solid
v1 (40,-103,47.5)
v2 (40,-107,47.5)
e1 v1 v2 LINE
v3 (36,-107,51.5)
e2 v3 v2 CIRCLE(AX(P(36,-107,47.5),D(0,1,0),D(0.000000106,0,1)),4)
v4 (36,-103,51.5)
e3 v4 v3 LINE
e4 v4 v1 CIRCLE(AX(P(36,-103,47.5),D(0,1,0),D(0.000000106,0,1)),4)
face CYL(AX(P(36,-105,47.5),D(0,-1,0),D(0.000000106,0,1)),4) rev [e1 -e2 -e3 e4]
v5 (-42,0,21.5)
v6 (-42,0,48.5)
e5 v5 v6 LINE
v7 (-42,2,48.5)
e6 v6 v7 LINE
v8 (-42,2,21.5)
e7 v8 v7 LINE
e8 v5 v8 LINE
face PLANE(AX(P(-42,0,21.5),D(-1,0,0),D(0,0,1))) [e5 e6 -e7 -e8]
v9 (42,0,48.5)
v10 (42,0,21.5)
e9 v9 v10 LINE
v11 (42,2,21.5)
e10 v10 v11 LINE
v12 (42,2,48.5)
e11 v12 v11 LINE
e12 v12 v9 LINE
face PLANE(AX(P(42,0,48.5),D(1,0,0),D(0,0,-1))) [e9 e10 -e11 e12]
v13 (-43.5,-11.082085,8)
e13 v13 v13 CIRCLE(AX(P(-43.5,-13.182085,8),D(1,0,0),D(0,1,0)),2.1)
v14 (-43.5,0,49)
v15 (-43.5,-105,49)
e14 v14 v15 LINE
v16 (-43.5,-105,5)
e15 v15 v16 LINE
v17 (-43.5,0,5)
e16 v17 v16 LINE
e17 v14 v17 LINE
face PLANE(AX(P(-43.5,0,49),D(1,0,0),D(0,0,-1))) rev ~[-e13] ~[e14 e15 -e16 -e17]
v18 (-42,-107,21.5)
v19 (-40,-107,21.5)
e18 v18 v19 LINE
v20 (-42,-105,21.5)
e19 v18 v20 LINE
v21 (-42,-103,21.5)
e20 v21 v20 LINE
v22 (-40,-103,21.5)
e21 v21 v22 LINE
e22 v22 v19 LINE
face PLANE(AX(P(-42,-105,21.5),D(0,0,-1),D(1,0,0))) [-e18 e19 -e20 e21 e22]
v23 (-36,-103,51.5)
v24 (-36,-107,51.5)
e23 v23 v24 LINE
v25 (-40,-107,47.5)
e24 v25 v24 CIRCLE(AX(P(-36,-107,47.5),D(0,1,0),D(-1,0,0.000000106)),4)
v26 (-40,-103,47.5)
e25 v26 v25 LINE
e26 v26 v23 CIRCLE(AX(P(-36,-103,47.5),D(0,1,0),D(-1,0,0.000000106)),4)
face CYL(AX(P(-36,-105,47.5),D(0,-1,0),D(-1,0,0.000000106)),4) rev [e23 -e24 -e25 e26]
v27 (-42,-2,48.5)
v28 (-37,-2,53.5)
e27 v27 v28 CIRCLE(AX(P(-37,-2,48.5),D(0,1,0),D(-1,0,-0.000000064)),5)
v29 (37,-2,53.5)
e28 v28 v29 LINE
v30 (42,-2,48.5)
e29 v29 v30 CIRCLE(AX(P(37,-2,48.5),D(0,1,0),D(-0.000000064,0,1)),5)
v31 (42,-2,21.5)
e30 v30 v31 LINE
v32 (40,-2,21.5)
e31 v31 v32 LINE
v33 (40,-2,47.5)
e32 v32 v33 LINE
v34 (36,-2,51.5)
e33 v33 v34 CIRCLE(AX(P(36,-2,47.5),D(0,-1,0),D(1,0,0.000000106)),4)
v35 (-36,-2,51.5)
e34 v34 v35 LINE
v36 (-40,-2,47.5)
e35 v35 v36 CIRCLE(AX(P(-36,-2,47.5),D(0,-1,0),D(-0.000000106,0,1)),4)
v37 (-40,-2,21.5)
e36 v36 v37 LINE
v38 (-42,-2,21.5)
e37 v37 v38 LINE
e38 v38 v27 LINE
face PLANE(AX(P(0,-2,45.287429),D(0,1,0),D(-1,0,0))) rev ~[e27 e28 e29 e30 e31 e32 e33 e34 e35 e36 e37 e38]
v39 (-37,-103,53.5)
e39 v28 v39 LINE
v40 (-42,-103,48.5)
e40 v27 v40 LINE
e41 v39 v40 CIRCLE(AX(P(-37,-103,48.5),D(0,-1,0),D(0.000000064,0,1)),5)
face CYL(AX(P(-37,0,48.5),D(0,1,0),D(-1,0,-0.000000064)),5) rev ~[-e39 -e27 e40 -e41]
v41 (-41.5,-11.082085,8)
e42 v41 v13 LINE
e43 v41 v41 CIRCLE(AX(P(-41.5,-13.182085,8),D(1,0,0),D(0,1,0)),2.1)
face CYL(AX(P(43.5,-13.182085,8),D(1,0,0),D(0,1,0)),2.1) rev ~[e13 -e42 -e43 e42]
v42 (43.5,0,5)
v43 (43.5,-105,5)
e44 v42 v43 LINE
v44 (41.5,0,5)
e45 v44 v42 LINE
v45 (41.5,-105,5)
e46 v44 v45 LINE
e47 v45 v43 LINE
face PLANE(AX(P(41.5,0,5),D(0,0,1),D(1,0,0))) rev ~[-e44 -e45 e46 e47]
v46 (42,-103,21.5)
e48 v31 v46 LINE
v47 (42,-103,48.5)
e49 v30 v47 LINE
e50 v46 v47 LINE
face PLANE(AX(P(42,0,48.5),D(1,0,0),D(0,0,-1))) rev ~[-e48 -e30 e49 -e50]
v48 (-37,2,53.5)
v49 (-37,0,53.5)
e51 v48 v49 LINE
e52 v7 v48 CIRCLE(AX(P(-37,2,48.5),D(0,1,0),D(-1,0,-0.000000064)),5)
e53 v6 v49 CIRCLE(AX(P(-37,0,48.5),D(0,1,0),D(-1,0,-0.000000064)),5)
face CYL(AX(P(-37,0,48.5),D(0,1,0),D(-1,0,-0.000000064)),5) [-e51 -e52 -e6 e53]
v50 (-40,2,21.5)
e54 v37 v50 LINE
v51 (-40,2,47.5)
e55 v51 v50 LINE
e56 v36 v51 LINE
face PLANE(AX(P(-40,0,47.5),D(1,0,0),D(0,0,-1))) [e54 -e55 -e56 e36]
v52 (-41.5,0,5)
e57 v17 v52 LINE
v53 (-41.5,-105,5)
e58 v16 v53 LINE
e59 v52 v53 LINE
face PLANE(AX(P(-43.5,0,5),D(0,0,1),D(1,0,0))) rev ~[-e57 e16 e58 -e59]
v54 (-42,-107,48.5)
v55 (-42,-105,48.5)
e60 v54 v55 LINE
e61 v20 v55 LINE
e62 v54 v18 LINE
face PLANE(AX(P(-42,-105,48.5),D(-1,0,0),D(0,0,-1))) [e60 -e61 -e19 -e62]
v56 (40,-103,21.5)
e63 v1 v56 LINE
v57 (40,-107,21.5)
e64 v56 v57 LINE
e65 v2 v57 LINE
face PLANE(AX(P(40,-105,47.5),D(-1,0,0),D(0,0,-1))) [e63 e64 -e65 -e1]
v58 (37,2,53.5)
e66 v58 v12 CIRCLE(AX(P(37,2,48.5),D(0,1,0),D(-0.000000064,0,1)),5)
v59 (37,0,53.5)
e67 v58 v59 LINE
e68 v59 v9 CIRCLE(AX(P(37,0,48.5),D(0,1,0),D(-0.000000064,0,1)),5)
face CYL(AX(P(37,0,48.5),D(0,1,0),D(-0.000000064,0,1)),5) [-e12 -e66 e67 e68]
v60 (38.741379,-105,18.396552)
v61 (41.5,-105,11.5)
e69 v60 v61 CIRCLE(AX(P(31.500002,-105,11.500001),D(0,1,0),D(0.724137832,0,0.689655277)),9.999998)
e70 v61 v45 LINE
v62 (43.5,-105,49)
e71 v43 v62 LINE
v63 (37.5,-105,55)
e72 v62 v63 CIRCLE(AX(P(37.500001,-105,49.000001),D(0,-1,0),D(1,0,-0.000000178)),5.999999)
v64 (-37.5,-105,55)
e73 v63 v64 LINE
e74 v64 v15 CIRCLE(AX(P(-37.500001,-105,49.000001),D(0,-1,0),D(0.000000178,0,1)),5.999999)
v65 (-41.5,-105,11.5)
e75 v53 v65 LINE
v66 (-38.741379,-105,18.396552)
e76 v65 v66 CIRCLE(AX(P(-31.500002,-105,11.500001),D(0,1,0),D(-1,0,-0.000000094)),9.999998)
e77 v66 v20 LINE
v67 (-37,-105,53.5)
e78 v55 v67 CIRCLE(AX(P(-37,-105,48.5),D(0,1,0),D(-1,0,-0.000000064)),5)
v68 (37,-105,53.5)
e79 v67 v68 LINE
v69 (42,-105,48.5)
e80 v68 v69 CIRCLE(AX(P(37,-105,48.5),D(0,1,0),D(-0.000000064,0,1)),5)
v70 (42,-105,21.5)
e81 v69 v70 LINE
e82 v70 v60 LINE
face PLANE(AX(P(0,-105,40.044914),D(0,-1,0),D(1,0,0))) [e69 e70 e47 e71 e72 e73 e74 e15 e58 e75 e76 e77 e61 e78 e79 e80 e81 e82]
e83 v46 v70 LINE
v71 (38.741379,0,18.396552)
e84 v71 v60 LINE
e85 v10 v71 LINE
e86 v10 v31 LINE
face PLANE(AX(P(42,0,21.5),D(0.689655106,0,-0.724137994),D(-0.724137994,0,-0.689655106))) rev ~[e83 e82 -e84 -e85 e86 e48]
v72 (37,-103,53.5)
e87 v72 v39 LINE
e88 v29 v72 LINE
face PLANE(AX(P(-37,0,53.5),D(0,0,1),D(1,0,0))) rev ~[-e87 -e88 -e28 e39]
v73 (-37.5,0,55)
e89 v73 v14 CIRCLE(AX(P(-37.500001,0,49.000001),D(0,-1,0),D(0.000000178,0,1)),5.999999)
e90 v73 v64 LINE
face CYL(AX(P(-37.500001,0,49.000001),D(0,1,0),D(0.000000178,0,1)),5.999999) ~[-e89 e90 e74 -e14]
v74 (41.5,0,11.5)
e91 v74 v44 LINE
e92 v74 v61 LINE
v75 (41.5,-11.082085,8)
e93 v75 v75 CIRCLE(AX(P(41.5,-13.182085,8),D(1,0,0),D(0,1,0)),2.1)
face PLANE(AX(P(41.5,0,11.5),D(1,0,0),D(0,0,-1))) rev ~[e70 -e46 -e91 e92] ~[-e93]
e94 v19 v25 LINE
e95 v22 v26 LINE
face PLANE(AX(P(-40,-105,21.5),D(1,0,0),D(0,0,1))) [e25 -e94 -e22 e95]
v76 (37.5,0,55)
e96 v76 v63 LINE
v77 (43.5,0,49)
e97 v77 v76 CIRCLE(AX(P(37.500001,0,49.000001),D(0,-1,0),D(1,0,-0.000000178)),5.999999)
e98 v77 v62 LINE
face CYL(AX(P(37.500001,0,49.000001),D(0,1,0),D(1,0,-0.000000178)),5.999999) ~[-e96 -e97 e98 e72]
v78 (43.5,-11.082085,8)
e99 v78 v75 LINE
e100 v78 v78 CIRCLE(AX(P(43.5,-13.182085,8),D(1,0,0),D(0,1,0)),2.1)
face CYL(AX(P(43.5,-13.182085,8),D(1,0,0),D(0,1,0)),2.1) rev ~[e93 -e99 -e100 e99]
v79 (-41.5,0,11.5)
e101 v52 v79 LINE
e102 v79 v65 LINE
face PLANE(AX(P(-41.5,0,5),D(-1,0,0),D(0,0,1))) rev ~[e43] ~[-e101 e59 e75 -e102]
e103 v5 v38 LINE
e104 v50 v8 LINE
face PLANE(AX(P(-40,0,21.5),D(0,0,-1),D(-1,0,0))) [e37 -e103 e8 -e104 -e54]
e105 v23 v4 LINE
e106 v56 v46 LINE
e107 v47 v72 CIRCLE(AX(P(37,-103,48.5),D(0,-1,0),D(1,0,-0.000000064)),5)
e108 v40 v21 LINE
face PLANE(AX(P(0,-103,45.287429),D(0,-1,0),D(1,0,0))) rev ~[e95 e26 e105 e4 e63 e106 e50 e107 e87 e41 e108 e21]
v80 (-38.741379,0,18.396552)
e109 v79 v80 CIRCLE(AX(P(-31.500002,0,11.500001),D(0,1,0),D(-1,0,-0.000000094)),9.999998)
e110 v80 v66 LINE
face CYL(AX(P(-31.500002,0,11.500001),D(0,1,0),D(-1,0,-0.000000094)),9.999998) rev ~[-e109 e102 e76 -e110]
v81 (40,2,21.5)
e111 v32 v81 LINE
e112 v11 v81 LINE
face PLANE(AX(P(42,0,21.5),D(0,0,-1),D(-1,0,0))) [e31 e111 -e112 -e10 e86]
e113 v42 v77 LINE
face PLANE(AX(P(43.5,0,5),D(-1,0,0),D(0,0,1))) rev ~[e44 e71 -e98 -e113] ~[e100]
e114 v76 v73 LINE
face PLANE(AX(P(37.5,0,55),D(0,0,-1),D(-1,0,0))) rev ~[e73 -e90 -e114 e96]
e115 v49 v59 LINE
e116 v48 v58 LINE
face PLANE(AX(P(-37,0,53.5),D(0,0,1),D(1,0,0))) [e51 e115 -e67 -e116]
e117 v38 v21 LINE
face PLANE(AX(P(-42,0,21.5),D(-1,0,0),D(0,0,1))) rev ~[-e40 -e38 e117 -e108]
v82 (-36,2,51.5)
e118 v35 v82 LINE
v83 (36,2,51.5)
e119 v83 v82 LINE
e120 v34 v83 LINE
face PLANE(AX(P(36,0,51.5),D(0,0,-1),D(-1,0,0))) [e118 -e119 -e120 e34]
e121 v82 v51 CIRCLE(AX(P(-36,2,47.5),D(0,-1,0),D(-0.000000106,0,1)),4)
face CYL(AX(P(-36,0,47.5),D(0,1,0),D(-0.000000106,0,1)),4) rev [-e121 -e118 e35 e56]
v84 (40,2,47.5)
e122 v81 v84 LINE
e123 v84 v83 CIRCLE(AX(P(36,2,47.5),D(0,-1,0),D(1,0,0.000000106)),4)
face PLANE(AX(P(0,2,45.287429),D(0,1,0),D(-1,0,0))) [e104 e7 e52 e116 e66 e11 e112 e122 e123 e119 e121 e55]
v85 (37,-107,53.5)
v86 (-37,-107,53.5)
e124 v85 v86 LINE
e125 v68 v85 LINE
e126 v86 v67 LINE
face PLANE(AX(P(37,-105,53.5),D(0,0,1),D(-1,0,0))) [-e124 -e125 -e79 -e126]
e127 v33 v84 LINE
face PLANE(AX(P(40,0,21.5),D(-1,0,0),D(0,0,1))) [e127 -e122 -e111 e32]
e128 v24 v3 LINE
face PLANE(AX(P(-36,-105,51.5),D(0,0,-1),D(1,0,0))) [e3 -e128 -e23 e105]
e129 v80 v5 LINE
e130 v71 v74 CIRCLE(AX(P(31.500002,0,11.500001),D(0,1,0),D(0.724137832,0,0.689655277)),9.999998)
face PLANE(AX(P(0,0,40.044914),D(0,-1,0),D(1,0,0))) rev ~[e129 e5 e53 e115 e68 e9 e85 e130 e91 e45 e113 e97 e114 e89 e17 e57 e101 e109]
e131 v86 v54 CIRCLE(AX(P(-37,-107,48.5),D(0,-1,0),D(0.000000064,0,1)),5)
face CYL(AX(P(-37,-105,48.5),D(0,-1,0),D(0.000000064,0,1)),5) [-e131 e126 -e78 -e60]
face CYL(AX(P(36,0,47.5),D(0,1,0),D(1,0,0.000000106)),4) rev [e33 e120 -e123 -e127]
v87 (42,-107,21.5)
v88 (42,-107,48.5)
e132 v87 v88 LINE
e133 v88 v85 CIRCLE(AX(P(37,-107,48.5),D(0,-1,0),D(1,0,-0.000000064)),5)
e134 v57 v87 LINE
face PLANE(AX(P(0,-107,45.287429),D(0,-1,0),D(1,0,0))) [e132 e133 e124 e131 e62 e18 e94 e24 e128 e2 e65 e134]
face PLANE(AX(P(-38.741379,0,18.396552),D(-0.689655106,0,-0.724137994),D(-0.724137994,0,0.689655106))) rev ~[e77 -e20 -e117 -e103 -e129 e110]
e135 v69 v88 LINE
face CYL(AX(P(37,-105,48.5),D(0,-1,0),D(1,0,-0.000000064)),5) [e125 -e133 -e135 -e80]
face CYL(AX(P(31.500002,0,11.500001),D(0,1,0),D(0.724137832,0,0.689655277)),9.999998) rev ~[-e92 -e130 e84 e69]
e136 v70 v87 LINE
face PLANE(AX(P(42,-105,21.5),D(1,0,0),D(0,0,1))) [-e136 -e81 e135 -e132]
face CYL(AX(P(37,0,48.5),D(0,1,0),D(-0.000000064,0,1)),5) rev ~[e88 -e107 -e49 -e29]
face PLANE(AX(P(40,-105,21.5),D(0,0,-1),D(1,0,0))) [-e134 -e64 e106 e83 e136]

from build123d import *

# Parameters (mm, degrees)
F1_DEPTH = 105
F2_R     = 2.1
F3_DEPTH = 87.001
F6_DEPTH = 2
F8_DEPTH = 2


with BuildPart() as f1:
    # F0 (on Front) → F1 (new body)
    with BuildSketch(Plane.XZ):
        with BuildLine():
            ThreePointArc((-41.5, 11.5), (-40.784767, 15.213907), (-38.741379, 18.396552))
            Line((-38.741379, 18.396552), (-42, 21.5))
            Line((-42, 21.5), (-42, 48.5))
            ThreePointArc((-42, 48.5), (-40.535534, 52.035534), (-37, 53.5))
            Line((-37, 53.5), (37, 53.5))
            ThreePointArc((37, 53.5), (40.535534, 52.035534), (42, 48.5))
            Line((42, 48.5), (42, 21.5))
            Line((42, 21.5), (38.741379, 18.396552))
            ThreePointArc((38.741379, 18.396552), (40.784767, 15.213907), (41.5, 11.5))
            Line((41.5, 11.5), (41.5, 5))
            Line((41.5, 5), (43.5, 5))
            Line((43.5, 5), (43.5, 49))
            ThreePointArc((43.5, 49), (41.742641, 53.242641), (37.5, 55))
            Line((37.5, 55), (-37.5, 55))
            ThreePointArc((-37.5, 55), (-41.742641, 53.242641), (-43.5, 49))
            Line((-43.5, 49), (-43.5, 5))
            Line((-43.5, 5), (-41.5, 5))
            Line((-41.5, 5), (-41.5, 11.5))
        make_face()
    extrude(amount=F1_DEPTH)

    # F2 (on face) → F3 (cut, through all)
    with BuildSketch(Plane.YZ.offset(43.5)):
        with Locations((-13.182085, 8)):
            Circle(F2_R)
    extrude(amount=-F3_DEPTH, mode=Mode.SUBTRACT)

    # F5 (on face) → F6 (join, symmetric)
    with BuildSketch(Plane.XZ.offset(105)):
        with BuildLine():
            Line((-42, 21.5), (-40, 21.5))
            Line((-40, 21.5), (-40, 47.5))
            ThreePointArc((-40, 47.5), (-38.828427, 50.328427), (-36, 51.5))
            Line((-36, 51.5), (36, 51.5))
            ThreePointArc((36, 51.5), (38.828427, 50.328427), (40, 47.5))
            Line((40, 47.5), (40, 21.5))
            Line((40, 21.5), (42, 21.5))
            Line((42, 21.5), (42, 48.5))
            ThreePointArc((42, 48.5), (40.535534, 52.035534), (37, 53.5))
            Line((37, 53.5), (-37, 53.5))
            ThreePointArc((-37, 53.5), (-40.535534, 52.035534), (-42, 48.5))
            Line((-42, 48.5), (-42, 21.5))
        make_face()
    extrude(amount=F6_DEPTH, both=True)

    # F7 (on face) → F8 (join, symmetric)
    with BuildSketch(Plane(origin=(0, 0, 0), x_dir=(-1, 0, 0), z_dir=(0, 1, 0))):
        with BuildLine():
            Line((-42, 48.5), (-42, 21.5))
            Line((-42, 21.5), (-40, 21.5))
            Line((-40, 21.5), (-40, 47.5))
            ThreePointArc((-40, 47.5), (-38.828427, 50.328427), (-36, 51.5))
            Line((-36, 51.5), (36, 51.5))
            ThreePointArc((36, 51.5), (38.828427, 50.328427), (40, 47.5))
            Line((40, 47.5), (40, 21.5))
            Line((40, 21.5), (42, 21.5))
            Line((42, 21.5), (42, 48.5))
            ThreePointArc((42, 48.5), (40.535534, 52.035534), (37, 53.5))
            Line((37, 53.5), (-37, 53.5))
            ThreePointArc((-37, 53.5), (-40.535534, 52.035534), (-42, 48.5))
        make_face()
    extrude(amount=F8_DEPTH, both=True)


solid = f1.part
